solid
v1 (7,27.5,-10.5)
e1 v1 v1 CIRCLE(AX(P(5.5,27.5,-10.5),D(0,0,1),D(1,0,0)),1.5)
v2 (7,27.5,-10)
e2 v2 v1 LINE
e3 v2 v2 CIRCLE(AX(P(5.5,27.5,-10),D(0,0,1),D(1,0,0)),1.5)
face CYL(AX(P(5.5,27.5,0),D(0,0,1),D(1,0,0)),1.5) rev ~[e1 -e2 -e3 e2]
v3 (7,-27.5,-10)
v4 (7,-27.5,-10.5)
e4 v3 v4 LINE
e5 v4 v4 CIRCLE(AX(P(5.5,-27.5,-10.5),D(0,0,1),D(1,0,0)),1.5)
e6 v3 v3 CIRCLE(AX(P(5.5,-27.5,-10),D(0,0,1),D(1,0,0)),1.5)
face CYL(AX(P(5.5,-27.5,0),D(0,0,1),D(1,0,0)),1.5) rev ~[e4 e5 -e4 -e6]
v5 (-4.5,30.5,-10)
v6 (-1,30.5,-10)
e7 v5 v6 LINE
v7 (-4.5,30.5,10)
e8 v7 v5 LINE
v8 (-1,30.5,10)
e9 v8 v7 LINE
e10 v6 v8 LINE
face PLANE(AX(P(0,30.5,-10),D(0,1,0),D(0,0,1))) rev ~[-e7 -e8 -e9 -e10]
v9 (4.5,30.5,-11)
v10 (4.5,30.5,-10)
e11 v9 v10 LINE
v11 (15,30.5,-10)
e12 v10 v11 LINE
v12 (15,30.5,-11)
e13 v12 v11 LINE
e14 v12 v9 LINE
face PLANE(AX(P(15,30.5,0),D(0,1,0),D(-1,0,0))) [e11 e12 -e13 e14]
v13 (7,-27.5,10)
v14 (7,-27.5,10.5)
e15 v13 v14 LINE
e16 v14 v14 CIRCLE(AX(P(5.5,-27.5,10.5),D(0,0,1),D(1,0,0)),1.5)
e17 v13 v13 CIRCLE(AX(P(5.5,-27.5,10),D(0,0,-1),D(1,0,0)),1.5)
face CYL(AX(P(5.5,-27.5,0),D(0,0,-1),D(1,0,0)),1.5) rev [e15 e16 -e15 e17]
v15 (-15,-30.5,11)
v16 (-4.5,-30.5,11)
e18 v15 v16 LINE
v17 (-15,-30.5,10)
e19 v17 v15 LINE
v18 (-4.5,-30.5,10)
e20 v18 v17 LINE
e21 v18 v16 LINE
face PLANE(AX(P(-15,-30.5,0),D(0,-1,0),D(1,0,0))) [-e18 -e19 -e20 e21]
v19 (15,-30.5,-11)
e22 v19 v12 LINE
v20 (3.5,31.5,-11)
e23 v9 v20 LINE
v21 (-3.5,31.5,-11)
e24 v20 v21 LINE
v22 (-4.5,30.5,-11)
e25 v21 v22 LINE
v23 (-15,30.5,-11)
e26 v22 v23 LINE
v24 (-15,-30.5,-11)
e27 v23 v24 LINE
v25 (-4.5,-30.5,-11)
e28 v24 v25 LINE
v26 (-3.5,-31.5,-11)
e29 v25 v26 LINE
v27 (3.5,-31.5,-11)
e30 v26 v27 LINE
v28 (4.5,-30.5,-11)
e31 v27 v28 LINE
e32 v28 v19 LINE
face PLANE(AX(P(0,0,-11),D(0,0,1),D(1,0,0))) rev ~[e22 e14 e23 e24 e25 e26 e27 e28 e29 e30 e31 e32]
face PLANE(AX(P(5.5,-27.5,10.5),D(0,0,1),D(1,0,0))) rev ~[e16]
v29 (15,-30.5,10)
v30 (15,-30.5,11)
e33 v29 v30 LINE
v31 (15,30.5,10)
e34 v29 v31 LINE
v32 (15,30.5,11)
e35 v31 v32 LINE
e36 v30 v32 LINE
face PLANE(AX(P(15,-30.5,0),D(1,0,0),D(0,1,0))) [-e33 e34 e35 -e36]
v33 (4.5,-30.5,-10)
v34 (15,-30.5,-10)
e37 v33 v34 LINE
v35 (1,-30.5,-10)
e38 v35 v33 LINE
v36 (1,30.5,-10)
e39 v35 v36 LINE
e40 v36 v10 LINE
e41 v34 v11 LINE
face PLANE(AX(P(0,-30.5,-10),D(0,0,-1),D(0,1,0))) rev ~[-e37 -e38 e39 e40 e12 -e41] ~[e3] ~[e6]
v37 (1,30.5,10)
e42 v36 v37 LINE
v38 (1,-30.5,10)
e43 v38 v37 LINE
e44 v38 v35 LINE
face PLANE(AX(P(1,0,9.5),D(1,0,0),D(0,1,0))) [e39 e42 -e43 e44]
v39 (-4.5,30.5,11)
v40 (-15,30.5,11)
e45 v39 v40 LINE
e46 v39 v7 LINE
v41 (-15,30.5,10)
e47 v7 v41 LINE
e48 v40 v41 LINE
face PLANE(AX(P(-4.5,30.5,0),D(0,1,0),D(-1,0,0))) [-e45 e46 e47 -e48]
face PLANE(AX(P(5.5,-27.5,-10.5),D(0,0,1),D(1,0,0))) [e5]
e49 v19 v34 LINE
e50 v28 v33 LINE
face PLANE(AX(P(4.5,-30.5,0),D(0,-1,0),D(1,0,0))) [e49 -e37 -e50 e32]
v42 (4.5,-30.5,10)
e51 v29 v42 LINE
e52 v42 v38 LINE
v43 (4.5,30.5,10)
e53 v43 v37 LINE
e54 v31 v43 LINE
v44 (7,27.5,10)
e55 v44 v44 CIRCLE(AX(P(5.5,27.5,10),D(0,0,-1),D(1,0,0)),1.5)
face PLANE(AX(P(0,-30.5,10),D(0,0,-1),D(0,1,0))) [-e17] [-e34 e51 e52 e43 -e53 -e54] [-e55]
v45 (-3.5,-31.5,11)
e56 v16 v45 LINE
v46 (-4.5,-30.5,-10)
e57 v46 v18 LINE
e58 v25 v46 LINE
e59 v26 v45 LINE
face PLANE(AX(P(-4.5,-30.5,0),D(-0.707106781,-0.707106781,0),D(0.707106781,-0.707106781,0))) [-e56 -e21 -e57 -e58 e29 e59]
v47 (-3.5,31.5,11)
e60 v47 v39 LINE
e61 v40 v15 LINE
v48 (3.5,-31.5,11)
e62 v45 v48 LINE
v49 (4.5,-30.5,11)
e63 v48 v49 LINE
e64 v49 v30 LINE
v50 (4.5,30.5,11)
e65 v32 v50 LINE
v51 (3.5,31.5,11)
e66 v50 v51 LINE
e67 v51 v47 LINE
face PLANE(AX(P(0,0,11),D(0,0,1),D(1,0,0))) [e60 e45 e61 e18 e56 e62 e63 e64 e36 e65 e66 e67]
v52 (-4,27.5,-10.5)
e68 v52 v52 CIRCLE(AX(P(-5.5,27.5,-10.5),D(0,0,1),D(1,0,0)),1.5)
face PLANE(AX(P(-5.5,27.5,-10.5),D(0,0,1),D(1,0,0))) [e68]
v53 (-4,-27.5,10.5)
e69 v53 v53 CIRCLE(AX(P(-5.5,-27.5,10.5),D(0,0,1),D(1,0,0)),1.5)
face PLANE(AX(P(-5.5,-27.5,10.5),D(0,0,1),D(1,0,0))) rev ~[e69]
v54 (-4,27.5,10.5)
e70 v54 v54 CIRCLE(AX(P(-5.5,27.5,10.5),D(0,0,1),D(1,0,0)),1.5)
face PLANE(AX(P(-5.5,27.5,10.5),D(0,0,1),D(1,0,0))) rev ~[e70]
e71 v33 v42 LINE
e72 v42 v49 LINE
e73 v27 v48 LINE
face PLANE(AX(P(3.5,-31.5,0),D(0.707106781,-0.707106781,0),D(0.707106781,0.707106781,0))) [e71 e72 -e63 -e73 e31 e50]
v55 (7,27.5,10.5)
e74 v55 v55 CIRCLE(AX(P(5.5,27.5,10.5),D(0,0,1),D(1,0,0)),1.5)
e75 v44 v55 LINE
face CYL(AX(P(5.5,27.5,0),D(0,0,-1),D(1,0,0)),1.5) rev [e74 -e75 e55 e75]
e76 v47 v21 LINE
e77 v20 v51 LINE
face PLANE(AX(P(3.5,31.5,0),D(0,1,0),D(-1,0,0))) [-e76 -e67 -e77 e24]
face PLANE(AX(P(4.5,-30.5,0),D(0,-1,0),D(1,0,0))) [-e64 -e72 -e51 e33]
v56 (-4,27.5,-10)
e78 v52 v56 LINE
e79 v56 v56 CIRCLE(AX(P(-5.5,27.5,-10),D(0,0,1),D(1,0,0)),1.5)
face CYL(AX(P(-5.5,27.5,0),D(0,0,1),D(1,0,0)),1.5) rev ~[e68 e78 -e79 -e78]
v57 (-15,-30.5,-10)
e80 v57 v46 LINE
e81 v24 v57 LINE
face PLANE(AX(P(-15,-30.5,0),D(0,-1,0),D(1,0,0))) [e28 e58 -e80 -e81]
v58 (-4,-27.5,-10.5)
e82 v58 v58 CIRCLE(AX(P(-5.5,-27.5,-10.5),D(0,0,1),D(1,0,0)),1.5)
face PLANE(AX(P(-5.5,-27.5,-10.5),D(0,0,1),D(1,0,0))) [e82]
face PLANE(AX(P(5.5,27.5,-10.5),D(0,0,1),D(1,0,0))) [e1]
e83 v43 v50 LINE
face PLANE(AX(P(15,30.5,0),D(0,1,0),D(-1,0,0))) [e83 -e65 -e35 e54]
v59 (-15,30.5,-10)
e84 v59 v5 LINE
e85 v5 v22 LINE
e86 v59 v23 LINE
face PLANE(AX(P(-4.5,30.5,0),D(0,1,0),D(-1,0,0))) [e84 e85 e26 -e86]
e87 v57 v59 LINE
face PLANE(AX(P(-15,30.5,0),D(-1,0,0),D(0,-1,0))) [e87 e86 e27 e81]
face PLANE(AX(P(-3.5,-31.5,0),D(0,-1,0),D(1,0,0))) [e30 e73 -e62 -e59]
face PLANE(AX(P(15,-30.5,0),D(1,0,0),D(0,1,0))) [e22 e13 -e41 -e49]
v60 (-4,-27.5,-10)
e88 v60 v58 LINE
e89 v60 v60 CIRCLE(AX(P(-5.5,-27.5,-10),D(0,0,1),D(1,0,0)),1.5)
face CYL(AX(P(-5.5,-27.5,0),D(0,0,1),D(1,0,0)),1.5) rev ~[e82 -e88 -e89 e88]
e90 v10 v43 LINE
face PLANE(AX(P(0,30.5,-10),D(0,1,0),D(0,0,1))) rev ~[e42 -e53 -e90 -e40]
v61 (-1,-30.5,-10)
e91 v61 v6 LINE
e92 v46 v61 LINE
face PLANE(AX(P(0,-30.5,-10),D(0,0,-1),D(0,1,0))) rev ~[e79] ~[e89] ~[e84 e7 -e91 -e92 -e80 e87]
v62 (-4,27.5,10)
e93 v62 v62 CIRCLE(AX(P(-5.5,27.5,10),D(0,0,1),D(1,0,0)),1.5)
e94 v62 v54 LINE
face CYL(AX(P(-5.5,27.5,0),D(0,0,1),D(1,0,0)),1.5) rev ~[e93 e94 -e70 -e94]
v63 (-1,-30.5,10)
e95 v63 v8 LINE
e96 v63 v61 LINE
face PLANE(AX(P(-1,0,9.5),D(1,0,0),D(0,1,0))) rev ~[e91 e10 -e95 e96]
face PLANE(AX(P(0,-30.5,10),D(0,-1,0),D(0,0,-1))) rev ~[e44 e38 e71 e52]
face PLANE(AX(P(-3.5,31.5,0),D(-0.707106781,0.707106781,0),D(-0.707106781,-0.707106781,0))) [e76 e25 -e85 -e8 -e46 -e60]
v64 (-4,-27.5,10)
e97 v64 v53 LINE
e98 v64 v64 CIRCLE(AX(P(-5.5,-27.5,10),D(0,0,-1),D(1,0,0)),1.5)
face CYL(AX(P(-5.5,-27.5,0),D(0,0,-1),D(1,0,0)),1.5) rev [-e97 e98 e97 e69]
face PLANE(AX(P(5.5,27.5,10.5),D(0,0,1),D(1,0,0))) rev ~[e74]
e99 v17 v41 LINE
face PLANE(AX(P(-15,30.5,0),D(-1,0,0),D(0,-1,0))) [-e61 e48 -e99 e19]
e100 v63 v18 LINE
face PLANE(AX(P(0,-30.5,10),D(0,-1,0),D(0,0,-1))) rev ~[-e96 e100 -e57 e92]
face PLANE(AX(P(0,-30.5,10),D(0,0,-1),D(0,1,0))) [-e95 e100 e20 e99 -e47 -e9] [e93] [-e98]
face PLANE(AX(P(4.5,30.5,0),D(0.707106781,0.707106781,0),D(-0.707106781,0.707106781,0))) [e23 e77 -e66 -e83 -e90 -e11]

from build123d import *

# Parameters (mm, degrees)
F0_R     = 1.5
F1_DEPTH = 11
F2_W     = 61
F2_H     = 1
F2_H_2   = 18
F3_DEPTH = 15
F4_DEPTH = 1
F5_DEPTH = 10.5


with BuildPart() as f1:
    # F0 (on Top) → F1 (new body, symmetric)
    with BuildSketch(Plane.XY):
        Polygon((-4.5, 30.5), (-15, 30.5), (-15, -30.5), (-4.5, -30.5), (4.5, -30.5), (15, -30.5), (15, 30.5), (4.5, 30.5), align=None)
        with Locations((-5.5, -27.5)):
            Circle(F0_R, mode=Mode.SUBTRACT)
        with Locations((5.5, -27.5)):
            Circle(F0_R, mode=Mode.SUBTRACT)
        with Locations((-5.5, 27.5)):
            Circle(F0_R, mode=Mode.SUBTRACT)
        with Locations((5.5, 27.5)):
            Circle(F0_R, mode=Mode.SUBTRACT)
        with Locations((5.5, -27.5)):
            Circle(F0_R)
        with Locations((-5.5, -27.5)):
            Circle(F0_R)
        with Locations((-5.5, 27.5)):
            Circle(F0_R)
        with Locations((5.5, 27.5)):
            Circle(F0_R)
        Polygon((-3.5, 31.5), (-4.5, 30.5), (4.5, 30.5), (3.5, 31.5), align=None)
        Polygon((4.5, -30.5), (-4.5, -30.5), (-3.5, -31.5), (3.5, -31.5), align=None)
    extrude(amount=F1_DEPTH, both=True)

    # F2 (on Right) → F3 (cut, symmetric)
    with BuildSketch(Plane.YZ):
        with Locations((0, 9.5)):
            Rectangle(F2_W, F2_H)
        Rectangle(F2_W, F2_H_2)
        with Locations((0, -9.5)):
            Rectangle(F2_W, F2_H)
    extrude(amount=F3_DEPTH, both=True, mode=Mode.SUBTRACT)

    # F2 (on Right) → F4 (join, symmetric)
    with BuildSketch(Plane.YZ):
        with Locations((0, 9.5)):
            Rectangle(F2_W, F2_H)
        Rectangle(F2_W, F2_H_2)
        with Locations((0, -9.5)):
            Rectangle(F2_W, F2_H)
    extrude(amount=F4_DEPTH, both=True)

    # F0 (on Top) → F5 (cut, symmetric)
    with BuildSketch(Plane.XY):
        with Locations((-5.5, -27.5)):
            Circle(F0_R)
        with Locations((5.5, -27.5)):
            Circle(F0_R)
        with Locations((5.5, 27.5)):
            Circle(F0_R)
        with Locations((-5.5, 27.5)):
            Circle(F0_R)
    extrude(amount=F5_DEPTH, both=True, mode=Mode.SUBTRACT)


solid = f1.part
